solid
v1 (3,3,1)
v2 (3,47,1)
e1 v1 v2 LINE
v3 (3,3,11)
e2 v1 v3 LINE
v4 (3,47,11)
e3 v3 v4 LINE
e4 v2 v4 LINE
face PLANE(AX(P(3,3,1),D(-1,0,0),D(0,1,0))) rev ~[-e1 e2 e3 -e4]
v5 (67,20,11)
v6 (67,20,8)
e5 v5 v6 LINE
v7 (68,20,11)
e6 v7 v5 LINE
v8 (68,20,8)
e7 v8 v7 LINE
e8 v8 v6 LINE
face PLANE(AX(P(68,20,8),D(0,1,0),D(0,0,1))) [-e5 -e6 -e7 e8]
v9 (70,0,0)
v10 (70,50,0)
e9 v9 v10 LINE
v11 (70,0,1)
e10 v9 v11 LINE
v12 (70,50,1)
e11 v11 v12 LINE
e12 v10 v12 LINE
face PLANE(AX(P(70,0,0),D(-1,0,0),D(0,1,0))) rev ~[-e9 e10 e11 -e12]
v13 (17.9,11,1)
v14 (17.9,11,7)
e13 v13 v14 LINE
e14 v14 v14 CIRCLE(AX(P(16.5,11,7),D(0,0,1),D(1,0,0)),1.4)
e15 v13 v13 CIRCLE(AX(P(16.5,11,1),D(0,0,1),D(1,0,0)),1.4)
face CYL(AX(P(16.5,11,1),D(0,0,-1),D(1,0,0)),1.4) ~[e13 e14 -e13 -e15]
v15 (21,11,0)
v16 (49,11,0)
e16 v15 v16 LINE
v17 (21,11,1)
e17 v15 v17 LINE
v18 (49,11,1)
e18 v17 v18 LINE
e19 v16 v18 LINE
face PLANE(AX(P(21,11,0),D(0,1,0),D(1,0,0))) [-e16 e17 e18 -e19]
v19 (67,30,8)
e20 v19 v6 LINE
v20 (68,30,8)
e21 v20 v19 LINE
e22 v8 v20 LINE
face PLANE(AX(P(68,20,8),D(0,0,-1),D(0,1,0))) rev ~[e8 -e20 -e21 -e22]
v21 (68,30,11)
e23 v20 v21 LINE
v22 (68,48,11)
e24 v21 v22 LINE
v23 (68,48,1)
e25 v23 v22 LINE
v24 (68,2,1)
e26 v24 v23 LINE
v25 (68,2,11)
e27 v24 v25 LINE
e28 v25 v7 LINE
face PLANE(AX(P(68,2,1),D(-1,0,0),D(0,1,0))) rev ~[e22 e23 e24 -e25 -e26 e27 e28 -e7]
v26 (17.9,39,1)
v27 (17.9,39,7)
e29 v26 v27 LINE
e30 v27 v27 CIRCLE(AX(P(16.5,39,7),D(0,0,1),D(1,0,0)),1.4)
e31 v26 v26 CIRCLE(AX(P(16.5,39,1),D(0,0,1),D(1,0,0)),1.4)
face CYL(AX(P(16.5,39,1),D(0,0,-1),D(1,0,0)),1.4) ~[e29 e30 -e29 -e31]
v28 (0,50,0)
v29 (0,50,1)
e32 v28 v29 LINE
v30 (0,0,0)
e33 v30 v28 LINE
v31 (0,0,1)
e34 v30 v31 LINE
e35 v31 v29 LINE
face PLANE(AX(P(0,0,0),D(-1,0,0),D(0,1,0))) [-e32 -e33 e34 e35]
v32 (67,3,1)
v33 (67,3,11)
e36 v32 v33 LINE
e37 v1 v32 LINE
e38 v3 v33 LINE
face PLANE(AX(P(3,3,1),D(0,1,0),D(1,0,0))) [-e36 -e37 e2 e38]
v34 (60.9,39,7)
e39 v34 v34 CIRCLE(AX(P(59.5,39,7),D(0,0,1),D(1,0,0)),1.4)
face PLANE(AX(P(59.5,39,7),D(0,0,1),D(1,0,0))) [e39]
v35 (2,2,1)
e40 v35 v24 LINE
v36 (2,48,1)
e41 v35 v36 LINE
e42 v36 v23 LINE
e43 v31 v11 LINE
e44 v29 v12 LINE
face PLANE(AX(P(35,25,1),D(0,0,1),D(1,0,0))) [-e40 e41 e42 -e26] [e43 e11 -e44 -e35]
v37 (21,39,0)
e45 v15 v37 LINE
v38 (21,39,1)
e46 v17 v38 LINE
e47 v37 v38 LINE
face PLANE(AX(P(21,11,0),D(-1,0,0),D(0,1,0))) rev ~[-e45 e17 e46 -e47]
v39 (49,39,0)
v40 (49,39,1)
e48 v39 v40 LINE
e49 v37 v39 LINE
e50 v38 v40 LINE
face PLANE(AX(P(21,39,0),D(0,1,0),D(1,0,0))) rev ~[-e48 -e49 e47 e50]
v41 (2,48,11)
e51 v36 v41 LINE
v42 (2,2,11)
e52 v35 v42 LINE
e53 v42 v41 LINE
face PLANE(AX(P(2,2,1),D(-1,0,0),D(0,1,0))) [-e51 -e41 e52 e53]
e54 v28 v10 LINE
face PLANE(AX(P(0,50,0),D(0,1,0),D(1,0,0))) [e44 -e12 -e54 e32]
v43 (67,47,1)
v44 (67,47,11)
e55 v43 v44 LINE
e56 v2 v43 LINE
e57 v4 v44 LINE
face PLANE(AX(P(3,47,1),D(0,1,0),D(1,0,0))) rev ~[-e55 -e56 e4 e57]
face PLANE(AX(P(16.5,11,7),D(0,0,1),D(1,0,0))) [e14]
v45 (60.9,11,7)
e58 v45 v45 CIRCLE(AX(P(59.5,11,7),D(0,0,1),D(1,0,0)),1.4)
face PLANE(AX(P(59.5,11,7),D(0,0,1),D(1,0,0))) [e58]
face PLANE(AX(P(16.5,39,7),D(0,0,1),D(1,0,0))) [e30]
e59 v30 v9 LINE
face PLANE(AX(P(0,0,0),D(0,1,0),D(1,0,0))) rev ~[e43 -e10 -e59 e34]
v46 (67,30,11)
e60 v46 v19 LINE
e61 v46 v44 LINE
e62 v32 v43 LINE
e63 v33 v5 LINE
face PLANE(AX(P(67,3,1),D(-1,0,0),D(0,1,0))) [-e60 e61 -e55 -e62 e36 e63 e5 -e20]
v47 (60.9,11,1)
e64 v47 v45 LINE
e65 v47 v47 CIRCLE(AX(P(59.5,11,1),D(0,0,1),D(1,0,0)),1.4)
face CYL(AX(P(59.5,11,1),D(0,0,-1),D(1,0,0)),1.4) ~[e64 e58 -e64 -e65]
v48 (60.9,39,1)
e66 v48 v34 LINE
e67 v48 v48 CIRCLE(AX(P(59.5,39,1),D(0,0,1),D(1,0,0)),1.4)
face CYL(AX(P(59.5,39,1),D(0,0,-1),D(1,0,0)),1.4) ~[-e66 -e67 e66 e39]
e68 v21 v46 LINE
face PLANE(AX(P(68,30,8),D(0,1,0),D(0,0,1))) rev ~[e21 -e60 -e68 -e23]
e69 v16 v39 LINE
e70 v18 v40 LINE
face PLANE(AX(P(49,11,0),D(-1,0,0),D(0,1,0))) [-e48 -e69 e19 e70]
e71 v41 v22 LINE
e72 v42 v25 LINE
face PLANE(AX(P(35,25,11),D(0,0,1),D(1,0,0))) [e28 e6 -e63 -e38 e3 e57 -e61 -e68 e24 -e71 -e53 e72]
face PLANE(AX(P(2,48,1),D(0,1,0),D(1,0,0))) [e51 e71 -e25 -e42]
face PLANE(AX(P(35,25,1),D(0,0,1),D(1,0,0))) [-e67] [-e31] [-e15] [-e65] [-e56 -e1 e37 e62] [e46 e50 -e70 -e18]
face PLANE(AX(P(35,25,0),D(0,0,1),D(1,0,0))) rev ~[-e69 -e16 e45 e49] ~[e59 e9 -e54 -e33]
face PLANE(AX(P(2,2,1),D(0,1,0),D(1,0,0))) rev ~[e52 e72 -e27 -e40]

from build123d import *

# Parameters (mm, degrees)
SKETCH005_W   = 70
SKETCH005_H   = 50
SKETCH005_W_2 = 28
SKETCH005_H_2 = 28
PAD_DEPTH     = 1
SKETCH006_R   = 1.4
PAD001_DEPTH  = 6
SKETCH007_W   = 66
SKETCH007_H   = 46
SKETCH007_W_2 = 64
SKETCH007_H_2 = 44
PAD002_DEPTH  = 10
SKETCH008_W   = 10
SKETCH008_H   = 3
POCKET_DEPTH  = 5


with BuildPart() as part:
    # Sketch005 → Pad (new body)
    with BuildSketch(Plane.XY):
        with Locations((35, 25)):
            Rectangle(SKETCH005_W, SKETCH005_H)
        with Locations((35, 25)):
            Rectangle(SKETCH005_W_2, SKETCH005_H_2, mode=Mode.SUBTRACT)
    extrude(amount=PAD_DEPTH)

    # Sketch006 → Pad001 (join)
    with BuildSketch(Plane.XY.offset(1)):
        with Locations((16.5, 39)):
            Circle(SKETCH006_R)
        with Locations((59.5, 39)):
            Circle(SKETCH006_R)
        with Locations((59.5, 11)):
            Circle(SKETCH006_R)
        with Locations((16.5, 11)):
            Circle(SKETCH006_R)
    extrude(amount=PAD001_DEPTH)

    # Sketch007 → Pad002 (join)
    with BuildSketch(Plane.XY.offset(1)):
        with Locations((35, 25)):
            Rectangle(SKETCH007_W, SKETCH007_H)
        with Locations((35, 25)):
            Rectangle(SKETCH007_W_2, SKETCH007_H_2, mode=Mode.SUBTRACT)
    extrude(amount=PAD002_DEPTH)

    # Sketch008 (on Face13 of Pad002) → Pocket (cut)
    with BuildSketch(Plane.YZ.offset(68)):
        with Locations((25, 9.5)):
            Rectangle(SKETCH008_W, SKETCH008_H)
    extrude(amount=-POCKET_DEPTH, mode=Mode.SUBTRACT)


solid = part.part
